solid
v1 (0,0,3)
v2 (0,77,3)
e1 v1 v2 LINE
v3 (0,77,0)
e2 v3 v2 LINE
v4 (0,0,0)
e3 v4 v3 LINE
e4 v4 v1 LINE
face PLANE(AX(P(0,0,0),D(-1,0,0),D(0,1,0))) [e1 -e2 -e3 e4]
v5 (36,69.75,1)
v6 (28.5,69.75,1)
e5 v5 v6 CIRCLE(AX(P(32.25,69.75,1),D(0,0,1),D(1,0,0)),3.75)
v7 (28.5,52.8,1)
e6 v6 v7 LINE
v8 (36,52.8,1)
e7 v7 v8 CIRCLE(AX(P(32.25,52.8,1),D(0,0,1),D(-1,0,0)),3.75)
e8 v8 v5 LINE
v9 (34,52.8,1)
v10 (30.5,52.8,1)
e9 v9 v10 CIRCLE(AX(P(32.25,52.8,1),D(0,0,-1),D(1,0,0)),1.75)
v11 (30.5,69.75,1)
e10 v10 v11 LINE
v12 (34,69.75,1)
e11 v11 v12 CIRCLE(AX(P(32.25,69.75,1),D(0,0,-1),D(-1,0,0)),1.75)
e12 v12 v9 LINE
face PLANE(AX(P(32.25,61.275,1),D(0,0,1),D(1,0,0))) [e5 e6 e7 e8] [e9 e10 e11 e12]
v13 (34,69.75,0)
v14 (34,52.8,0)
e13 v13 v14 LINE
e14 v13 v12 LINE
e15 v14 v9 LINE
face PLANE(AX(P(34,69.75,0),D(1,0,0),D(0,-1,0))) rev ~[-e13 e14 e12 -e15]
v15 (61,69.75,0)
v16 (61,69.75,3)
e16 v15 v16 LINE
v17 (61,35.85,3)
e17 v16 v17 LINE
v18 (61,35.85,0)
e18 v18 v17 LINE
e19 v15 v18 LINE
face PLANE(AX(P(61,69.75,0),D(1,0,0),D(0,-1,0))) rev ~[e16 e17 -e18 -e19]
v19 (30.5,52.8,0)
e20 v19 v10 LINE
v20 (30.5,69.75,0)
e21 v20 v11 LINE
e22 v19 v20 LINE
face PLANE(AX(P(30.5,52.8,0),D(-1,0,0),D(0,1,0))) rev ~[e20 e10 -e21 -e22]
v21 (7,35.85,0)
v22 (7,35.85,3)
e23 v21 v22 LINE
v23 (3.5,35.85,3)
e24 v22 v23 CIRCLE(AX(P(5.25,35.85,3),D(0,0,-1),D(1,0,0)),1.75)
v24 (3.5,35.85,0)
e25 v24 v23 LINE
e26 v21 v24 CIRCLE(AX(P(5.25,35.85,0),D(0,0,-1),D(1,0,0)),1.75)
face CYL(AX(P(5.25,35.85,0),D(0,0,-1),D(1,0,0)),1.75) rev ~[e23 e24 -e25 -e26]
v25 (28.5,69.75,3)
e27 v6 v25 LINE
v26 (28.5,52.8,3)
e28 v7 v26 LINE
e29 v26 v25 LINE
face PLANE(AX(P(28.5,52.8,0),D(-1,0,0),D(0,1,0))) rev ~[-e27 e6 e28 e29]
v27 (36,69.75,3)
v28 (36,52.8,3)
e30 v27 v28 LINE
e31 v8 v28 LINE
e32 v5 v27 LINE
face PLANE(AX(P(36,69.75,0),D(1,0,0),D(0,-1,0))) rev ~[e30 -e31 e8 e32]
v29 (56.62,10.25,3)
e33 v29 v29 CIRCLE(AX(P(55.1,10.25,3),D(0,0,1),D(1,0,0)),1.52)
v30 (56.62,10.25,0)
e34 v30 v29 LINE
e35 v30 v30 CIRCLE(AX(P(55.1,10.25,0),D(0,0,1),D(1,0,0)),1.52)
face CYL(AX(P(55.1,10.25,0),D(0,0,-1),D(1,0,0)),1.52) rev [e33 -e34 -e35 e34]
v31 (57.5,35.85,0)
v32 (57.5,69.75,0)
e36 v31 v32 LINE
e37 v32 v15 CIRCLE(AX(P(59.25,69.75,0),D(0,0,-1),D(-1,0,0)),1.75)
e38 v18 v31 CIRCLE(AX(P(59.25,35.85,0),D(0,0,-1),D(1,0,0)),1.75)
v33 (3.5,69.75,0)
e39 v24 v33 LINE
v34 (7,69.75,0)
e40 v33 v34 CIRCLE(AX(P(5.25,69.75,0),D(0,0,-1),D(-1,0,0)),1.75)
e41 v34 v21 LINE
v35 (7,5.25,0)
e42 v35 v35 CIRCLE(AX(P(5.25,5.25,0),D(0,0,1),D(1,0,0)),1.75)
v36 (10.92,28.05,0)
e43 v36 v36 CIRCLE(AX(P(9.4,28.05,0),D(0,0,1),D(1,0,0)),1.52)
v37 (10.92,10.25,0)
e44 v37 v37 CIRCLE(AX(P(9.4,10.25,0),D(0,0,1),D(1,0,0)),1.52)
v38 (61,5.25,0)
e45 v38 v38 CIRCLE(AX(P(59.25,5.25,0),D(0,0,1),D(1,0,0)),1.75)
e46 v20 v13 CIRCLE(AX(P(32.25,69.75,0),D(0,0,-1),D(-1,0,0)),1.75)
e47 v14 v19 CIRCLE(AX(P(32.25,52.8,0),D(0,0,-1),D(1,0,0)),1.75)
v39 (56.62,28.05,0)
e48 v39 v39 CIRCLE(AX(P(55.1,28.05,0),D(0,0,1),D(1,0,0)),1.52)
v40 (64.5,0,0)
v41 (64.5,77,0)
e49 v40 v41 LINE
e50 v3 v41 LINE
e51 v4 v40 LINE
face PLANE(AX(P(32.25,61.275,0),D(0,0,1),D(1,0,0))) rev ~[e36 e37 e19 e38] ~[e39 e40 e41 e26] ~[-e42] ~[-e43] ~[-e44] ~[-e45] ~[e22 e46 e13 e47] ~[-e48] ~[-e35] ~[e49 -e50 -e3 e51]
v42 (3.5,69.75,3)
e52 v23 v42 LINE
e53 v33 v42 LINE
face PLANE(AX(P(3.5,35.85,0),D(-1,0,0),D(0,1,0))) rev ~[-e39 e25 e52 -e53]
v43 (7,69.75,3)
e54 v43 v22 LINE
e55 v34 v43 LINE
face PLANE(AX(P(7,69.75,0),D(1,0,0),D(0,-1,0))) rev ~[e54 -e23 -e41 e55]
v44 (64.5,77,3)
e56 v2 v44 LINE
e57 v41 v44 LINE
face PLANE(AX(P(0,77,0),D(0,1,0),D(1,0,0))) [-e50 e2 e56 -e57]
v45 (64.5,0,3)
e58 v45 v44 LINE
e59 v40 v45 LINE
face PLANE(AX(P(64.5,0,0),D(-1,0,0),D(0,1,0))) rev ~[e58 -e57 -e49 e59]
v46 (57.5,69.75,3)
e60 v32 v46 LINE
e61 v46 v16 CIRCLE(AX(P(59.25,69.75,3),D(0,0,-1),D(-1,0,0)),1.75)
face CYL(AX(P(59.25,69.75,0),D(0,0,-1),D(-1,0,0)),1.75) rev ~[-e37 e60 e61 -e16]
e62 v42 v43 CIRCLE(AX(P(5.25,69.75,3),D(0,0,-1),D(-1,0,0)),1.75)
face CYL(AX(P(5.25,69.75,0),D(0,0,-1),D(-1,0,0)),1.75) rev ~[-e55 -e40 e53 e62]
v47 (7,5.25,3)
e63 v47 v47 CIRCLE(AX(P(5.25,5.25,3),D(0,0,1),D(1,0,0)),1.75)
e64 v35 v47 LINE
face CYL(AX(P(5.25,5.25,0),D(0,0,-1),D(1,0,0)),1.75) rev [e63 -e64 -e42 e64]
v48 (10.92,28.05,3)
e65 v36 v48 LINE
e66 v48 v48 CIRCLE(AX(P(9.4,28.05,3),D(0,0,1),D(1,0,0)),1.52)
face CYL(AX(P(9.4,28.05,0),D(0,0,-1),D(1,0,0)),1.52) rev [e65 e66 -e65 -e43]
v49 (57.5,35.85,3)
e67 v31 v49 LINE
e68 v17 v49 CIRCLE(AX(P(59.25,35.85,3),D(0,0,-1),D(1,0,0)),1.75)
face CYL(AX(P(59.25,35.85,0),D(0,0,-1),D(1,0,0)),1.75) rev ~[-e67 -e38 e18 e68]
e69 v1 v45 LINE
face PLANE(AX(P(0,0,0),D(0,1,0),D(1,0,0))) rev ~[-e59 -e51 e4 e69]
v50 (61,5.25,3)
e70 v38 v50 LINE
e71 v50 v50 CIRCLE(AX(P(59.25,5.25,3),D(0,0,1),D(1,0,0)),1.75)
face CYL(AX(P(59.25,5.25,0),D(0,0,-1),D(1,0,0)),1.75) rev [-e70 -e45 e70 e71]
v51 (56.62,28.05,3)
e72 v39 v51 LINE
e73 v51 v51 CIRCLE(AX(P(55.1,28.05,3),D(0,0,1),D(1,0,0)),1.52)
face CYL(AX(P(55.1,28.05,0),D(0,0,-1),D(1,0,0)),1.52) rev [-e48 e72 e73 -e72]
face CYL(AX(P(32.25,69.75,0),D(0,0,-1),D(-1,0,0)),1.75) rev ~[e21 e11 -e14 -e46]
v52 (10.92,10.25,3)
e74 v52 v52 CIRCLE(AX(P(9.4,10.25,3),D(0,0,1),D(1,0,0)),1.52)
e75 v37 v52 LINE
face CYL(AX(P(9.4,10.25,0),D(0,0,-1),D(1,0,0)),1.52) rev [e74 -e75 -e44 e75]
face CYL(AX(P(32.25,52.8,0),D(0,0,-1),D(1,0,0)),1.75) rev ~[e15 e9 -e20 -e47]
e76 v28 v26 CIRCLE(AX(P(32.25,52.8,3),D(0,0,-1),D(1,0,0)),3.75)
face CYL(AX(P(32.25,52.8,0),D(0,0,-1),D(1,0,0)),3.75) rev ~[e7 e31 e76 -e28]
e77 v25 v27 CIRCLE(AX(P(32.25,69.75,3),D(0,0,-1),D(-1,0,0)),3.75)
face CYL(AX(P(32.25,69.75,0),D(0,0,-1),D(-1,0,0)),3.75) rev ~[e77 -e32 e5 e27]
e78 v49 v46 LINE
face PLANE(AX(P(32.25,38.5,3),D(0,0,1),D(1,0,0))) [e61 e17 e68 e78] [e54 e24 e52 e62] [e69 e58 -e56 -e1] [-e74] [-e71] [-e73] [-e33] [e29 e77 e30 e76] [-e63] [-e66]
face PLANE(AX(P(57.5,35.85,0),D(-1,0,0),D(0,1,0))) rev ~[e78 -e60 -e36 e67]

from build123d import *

# Parameters (mm, degrees)
F0_W     = 64.5
F0_H     = 77
F0_R     = 1.75
F0_R_2   = 1.52
F1_DEPTH = 3
F2_DEPTH = 1


with BuildPart() as f1:
    # F0 (on Top) → F1 (new body)
    with BuildSketch(Plane.XY):
        with Locations((32.25, 38.5)):
            Rectangle(F0_W, F0_H)
        with Locations((5.25, 5.25)):
            Circle(F0_R, mode=Mode.SUBTRACT)
        with Locations((9.4, 10.25)):
            Circle(F0_R_2, mode=Mode.SUBTRACT)
        with Locations((9.4, 28.05)):
            Circle(F0_R_2, mode=Mode.SUBTRACT)
        with Locations((59.25, 5.25)):
            Circle(F0_R, mode=Mode.SUBTRACT)
        with Locations((55.1, 10.25)):
            Circle(F0_R_2, mode=Mode.SUBTRACT)
        with Locations((55.1, 28.05)):
            Circle(F0_R_2, mode=Mode.SUBTRACT)
        with BuildLine():
            ThreePointArc((7, 35.85), (5.25, 34.1), (3.5, 35.85))
            Line((3.5, 35.85), (3.5, 69.75))
            ThreePointArc((3.5, 69.75), (5.25, 71.5), (7, 69.75))
            Line((7, 69.75), (7, 35.85))
        make_face(mode=Mode.SUBTRACT)
        with BuildLine():
            Line((61, 69.75), (61, 35.85))
            ThreePointArc((61, 35.85), (59.25, 34.1), (57.5, 35.85))
            Line((57.5, 35.85), (57.5, 69.75))
            ThreePointArc((57.5, 69.75), (59.25, 71.5), (61, 69.75))
        make_face(mode=Mode.SUBTRACT)
        with BuildLine():
            Line((36, 69.75), (36, 52.8))
            ThreePointArc((36, 52.8), (32.25, 49.05), (28.5, 52.8))
            Line((28.5, 52.8), (28.5, 69.75))
            ThreePointArc((28.5, 69.75), (32.25, 73.5), (36, 69.75))
        make_face(mode=Mode.SUBTRACT)
    extrude(amount=F1_DEPTH)

    # F0 (on Top) → F2 (join)
    with BuildSketch(Plane.XY):
        with BuildLine():
            ThreePointArc((28.5, 52.8), (32.25, 49.05), (36, 52.8))
            Line((36, 52.8), (36, 69.75))
            ThreePointArc((36, 69.75), (32.25, 73.5), (28.5, 69.75))
            Line((28.5, 69.75), (28.5, 52.8))
        make_face()
        with BuildLine():
            ThreePointArc((30.5, 69.75), (32.25, 71.5), (34, 69.75))
            Line((34, 69.75), (34, 52.8))
            ThreePointArc((34, 52.8), (32.25, 51.05), (30.5, 52.8))
            Line((30.5, 52.8), (30.5, 69.75))
        make_face(mode=Mode.SUBTRACT)
    extrude(amount=F2_DEPTH)


solid = f1.part
